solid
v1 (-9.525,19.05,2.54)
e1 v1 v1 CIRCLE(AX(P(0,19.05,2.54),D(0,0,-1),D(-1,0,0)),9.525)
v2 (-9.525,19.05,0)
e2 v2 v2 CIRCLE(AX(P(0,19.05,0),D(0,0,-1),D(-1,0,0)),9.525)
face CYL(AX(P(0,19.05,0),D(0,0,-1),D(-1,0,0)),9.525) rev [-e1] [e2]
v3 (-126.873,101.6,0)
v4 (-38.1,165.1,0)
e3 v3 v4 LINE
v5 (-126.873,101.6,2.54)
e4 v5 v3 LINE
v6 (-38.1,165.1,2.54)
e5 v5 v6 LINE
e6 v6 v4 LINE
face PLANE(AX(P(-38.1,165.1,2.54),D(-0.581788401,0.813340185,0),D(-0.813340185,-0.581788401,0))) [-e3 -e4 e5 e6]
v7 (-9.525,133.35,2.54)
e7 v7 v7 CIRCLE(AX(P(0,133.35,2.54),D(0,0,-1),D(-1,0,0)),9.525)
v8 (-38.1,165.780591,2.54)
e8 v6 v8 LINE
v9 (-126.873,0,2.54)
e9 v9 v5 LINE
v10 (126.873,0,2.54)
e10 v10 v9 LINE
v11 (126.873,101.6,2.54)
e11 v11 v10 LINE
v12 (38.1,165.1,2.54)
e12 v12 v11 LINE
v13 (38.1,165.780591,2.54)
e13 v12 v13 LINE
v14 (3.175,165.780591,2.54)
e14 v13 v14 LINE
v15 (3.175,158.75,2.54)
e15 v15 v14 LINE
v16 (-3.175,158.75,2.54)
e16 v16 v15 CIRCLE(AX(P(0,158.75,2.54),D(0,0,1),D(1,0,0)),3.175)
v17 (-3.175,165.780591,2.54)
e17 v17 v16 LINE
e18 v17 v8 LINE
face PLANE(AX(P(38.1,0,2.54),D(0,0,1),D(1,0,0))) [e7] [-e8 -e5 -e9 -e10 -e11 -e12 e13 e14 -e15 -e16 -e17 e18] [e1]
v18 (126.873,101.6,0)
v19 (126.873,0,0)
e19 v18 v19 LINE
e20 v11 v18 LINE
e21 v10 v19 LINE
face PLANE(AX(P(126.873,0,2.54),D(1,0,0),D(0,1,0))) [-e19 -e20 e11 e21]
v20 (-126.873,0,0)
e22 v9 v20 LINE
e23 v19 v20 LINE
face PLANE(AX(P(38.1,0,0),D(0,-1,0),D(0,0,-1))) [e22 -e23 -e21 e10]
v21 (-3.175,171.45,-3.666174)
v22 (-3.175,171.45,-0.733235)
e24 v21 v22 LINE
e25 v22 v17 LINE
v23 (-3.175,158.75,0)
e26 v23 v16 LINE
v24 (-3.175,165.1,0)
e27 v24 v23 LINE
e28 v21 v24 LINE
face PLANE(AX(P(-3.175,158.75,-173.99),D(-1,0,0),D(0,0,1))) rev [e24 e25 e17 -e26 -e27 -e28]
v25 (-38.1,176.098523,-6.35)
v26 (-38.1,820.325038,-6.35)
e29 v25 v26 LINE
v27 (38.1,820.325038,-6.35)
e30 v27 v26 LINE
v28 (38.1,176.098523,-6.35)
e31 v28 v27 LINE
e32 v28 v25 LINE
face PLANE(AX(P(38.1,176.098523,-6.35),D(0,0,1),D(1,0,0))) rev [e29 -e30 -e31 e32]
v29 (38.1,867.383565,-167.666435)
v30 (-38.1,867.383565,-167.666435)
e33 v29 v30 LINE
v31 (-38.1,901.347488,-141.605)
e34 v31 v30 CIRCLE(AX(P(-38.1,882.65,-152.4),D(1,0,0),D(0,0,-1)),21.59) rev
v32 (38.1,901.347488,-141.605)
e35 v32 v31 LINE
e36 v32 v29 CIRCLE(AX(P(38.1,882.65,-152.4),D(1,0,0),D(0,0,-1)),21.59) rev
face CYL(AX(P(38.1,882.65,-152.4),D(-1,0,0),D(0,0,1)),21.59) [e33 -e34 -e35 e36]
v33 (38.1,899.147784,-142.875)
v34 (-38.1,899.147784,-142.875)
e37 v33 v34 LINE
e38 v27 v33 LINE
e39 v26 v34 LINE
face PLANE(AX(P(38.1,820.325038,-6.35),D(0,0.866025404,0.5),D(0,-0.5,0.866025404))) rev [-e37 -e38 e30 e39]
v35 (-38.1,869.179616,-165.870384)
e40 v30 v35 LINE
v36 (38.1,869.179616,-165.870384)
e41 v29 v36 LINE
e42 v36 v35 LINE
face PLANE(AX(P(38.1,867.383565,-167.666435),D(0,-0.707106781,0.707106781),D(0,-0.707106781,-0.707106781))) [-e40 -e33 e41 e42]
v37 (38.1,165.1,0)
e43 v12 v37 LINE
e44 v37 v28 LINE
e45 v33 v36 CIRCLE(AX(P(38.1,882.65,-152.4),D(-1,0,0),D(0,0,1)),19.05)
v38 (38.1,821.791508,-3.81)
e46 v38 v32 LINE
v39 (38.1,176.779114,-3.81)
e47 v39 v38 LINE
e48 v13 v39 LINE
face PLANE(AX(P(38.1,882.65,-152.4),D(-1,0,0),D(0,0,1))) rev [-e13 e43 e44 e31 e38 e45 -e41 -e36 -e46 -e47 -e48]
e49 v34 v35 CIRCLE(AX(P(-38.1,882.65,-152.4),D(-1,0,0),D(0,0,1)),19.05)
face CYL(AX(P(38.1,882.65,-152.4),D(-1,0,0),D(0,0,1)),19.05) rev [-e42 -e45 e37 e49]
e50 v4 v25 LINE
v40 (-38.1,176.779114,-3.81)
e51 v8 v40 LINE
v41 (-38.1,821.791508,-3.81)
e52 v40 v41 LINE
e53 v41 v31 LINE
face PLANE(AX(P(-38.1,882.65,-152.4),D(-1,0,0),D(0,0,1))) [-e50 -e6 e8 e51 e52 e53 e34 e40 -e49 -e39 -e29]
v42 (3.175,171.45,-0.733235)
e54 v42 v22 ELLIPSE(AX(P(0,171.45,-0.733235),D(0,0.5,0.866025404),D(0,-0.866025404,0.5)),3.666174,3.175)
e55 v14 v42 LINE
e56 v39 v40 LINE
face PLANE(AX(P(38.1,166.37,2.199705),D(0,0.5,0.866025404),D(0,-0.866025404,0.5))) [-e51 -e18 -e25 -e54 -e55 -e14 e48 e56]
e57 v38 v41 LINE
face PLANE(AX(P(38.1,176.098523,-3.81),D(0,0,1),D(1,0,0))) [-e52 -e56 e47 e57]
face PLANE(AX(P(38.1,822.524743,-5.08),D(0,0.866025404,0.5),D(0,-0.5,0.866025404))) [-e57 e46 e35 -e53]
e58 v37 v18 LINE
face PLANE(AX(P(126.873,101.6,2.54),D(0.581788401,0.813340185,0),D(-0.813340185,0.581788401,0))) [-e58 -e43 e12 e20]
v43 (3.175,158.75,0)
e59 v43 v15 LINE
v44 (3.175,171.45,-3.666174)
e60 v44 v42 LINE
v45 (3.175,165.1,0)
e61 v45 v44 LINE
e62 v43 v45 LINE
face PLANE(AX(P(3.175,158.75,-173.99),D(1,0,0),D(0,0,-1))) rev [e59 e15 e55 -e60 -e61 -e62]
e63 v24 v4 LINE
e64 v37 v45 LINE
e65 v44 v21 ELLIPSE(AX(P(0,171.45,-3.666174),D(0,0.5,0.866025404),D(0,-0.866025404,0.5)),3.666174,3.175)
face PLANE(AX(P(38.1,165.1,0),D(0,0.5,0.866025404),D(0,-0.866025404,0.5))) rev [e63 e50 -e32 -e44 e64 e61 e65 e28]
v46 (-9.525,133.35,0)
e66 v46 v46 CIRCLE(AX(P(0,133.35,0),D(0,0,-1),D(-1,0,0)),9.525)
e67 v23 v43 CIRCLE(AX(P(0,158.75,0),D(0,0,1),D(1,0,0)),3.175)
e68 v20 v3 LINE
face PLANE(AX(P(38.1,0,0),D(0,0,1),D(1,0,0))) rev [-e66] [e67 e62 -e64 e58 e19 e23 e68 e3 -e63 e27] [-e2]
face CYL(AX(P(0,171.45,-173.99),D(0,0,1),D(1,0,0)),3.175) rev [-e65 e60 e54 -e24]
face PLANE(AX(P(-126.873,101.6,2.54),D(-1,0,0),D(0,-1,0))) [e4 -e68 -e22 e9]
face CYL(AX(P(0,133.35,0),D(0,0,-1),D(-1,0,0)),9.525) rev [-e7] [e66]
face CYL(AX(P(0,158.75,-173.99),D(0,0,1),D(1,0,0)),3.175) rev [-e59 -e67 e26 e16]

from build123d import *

# Parameters (mm, degrees)
EXTRUDE_THIN1_DEPTH         = 38.1
BOSS_EXTRUDE1_DEPTH         = 2.54
F_3_4_0_75_DIAMETER_HOLE1_D = 19.05
CUT_EXTRUDE1_DEPTH          = 177.53


with BuildPart() as part:
    # Sketch1 → Extrude-Thin1 (new body, symmetric)
    with BuildSketch(Plane(origin=(0, 0, 0), x_dir=(0, 0, -1), z_dir=(1, 0, 0))):
        with BuildLine():
            Line((0, 0), (0, 165.1))
            Line((0, 165.1), (6.35, 176.098522628))
            Line((6.35, 176.098522628), (6.35, 820.325038441))
            Line((6.35, 820.325038441), (142.875, 899.147783942))
            ThreePointArc((142.875, 899.147783942), (167.513381133, 894.246905223), (165.870384182, 869.179615818))
            Line((165.870384182, 869.179615818), (167.666435406, 867.383564594))
            ThreePointArc((167.666435406, 867.383564594), (169.528498617, 895.793159252), (141.605, 901.347488468))
            Line((141.605, 901.347488468), (3.81, 821.791508125))
            Line((3.81, 821.791508125), (3.81, 176.779113577))
            Line((3.81, 176.779113577), (-2.54, 165.780590949))
            Line((-2.54, 165.780590949), (-2.54, 0))
            Line((-2.54, 0), (0, 0))
        make_face()
    extrude(amount=EXTRUDE_THIN1_DEPTH, both=True)

    # Sketch5 → Boss-Extrude1 (add)
    with BuildSketch(Plane(origin=(0, 0, 0), x_dir=(-1, 0, 0), z_dir=(0, 0, -1))):
        Polygon((126.873, 0), (-126.873, 0), (-126.873, 101.6), (-38.1, 165.1), (38.1, 165.1), (126.873, 101.6), align=None)
    extrude(amount=-BOSS_EXTRUDE1_DEPTH)

    # 3/4 (0.75) Diameter Hole1 (through all)
    with Locations(Plane(origin=(0, 0, 0), x_dir=(-1, 0, 0), z_dir=(0, 0, -1))):
        with Locations((0, 19.05), (0, 133.35)):
            Hole(F_3_4_0_75_DIAMETER_HOLE1_D / 2)

    # Sketch4 → Cut-Extrude1 (cut, through all)
    with BuildSketch(Plane.XY.offset(2.54)):
        with BuildLine():
            Line((-3.175, 158.75), (-3.175, 171.45))
            ThreePointArc((-3.175, 171.45), (0, 174.625), (3.175, 171.45))
            Line((3.175, 171.45), (3.175, 158.75))
            ThreePointArc((3.175, 158.75), (0, 155.575), (-3.175, 158.75))
        make_face()
    extrude(amount=-CUT_EXTRUDE1_DEPTH, mode=Mode.SUBTRACT)


solid = part.part
